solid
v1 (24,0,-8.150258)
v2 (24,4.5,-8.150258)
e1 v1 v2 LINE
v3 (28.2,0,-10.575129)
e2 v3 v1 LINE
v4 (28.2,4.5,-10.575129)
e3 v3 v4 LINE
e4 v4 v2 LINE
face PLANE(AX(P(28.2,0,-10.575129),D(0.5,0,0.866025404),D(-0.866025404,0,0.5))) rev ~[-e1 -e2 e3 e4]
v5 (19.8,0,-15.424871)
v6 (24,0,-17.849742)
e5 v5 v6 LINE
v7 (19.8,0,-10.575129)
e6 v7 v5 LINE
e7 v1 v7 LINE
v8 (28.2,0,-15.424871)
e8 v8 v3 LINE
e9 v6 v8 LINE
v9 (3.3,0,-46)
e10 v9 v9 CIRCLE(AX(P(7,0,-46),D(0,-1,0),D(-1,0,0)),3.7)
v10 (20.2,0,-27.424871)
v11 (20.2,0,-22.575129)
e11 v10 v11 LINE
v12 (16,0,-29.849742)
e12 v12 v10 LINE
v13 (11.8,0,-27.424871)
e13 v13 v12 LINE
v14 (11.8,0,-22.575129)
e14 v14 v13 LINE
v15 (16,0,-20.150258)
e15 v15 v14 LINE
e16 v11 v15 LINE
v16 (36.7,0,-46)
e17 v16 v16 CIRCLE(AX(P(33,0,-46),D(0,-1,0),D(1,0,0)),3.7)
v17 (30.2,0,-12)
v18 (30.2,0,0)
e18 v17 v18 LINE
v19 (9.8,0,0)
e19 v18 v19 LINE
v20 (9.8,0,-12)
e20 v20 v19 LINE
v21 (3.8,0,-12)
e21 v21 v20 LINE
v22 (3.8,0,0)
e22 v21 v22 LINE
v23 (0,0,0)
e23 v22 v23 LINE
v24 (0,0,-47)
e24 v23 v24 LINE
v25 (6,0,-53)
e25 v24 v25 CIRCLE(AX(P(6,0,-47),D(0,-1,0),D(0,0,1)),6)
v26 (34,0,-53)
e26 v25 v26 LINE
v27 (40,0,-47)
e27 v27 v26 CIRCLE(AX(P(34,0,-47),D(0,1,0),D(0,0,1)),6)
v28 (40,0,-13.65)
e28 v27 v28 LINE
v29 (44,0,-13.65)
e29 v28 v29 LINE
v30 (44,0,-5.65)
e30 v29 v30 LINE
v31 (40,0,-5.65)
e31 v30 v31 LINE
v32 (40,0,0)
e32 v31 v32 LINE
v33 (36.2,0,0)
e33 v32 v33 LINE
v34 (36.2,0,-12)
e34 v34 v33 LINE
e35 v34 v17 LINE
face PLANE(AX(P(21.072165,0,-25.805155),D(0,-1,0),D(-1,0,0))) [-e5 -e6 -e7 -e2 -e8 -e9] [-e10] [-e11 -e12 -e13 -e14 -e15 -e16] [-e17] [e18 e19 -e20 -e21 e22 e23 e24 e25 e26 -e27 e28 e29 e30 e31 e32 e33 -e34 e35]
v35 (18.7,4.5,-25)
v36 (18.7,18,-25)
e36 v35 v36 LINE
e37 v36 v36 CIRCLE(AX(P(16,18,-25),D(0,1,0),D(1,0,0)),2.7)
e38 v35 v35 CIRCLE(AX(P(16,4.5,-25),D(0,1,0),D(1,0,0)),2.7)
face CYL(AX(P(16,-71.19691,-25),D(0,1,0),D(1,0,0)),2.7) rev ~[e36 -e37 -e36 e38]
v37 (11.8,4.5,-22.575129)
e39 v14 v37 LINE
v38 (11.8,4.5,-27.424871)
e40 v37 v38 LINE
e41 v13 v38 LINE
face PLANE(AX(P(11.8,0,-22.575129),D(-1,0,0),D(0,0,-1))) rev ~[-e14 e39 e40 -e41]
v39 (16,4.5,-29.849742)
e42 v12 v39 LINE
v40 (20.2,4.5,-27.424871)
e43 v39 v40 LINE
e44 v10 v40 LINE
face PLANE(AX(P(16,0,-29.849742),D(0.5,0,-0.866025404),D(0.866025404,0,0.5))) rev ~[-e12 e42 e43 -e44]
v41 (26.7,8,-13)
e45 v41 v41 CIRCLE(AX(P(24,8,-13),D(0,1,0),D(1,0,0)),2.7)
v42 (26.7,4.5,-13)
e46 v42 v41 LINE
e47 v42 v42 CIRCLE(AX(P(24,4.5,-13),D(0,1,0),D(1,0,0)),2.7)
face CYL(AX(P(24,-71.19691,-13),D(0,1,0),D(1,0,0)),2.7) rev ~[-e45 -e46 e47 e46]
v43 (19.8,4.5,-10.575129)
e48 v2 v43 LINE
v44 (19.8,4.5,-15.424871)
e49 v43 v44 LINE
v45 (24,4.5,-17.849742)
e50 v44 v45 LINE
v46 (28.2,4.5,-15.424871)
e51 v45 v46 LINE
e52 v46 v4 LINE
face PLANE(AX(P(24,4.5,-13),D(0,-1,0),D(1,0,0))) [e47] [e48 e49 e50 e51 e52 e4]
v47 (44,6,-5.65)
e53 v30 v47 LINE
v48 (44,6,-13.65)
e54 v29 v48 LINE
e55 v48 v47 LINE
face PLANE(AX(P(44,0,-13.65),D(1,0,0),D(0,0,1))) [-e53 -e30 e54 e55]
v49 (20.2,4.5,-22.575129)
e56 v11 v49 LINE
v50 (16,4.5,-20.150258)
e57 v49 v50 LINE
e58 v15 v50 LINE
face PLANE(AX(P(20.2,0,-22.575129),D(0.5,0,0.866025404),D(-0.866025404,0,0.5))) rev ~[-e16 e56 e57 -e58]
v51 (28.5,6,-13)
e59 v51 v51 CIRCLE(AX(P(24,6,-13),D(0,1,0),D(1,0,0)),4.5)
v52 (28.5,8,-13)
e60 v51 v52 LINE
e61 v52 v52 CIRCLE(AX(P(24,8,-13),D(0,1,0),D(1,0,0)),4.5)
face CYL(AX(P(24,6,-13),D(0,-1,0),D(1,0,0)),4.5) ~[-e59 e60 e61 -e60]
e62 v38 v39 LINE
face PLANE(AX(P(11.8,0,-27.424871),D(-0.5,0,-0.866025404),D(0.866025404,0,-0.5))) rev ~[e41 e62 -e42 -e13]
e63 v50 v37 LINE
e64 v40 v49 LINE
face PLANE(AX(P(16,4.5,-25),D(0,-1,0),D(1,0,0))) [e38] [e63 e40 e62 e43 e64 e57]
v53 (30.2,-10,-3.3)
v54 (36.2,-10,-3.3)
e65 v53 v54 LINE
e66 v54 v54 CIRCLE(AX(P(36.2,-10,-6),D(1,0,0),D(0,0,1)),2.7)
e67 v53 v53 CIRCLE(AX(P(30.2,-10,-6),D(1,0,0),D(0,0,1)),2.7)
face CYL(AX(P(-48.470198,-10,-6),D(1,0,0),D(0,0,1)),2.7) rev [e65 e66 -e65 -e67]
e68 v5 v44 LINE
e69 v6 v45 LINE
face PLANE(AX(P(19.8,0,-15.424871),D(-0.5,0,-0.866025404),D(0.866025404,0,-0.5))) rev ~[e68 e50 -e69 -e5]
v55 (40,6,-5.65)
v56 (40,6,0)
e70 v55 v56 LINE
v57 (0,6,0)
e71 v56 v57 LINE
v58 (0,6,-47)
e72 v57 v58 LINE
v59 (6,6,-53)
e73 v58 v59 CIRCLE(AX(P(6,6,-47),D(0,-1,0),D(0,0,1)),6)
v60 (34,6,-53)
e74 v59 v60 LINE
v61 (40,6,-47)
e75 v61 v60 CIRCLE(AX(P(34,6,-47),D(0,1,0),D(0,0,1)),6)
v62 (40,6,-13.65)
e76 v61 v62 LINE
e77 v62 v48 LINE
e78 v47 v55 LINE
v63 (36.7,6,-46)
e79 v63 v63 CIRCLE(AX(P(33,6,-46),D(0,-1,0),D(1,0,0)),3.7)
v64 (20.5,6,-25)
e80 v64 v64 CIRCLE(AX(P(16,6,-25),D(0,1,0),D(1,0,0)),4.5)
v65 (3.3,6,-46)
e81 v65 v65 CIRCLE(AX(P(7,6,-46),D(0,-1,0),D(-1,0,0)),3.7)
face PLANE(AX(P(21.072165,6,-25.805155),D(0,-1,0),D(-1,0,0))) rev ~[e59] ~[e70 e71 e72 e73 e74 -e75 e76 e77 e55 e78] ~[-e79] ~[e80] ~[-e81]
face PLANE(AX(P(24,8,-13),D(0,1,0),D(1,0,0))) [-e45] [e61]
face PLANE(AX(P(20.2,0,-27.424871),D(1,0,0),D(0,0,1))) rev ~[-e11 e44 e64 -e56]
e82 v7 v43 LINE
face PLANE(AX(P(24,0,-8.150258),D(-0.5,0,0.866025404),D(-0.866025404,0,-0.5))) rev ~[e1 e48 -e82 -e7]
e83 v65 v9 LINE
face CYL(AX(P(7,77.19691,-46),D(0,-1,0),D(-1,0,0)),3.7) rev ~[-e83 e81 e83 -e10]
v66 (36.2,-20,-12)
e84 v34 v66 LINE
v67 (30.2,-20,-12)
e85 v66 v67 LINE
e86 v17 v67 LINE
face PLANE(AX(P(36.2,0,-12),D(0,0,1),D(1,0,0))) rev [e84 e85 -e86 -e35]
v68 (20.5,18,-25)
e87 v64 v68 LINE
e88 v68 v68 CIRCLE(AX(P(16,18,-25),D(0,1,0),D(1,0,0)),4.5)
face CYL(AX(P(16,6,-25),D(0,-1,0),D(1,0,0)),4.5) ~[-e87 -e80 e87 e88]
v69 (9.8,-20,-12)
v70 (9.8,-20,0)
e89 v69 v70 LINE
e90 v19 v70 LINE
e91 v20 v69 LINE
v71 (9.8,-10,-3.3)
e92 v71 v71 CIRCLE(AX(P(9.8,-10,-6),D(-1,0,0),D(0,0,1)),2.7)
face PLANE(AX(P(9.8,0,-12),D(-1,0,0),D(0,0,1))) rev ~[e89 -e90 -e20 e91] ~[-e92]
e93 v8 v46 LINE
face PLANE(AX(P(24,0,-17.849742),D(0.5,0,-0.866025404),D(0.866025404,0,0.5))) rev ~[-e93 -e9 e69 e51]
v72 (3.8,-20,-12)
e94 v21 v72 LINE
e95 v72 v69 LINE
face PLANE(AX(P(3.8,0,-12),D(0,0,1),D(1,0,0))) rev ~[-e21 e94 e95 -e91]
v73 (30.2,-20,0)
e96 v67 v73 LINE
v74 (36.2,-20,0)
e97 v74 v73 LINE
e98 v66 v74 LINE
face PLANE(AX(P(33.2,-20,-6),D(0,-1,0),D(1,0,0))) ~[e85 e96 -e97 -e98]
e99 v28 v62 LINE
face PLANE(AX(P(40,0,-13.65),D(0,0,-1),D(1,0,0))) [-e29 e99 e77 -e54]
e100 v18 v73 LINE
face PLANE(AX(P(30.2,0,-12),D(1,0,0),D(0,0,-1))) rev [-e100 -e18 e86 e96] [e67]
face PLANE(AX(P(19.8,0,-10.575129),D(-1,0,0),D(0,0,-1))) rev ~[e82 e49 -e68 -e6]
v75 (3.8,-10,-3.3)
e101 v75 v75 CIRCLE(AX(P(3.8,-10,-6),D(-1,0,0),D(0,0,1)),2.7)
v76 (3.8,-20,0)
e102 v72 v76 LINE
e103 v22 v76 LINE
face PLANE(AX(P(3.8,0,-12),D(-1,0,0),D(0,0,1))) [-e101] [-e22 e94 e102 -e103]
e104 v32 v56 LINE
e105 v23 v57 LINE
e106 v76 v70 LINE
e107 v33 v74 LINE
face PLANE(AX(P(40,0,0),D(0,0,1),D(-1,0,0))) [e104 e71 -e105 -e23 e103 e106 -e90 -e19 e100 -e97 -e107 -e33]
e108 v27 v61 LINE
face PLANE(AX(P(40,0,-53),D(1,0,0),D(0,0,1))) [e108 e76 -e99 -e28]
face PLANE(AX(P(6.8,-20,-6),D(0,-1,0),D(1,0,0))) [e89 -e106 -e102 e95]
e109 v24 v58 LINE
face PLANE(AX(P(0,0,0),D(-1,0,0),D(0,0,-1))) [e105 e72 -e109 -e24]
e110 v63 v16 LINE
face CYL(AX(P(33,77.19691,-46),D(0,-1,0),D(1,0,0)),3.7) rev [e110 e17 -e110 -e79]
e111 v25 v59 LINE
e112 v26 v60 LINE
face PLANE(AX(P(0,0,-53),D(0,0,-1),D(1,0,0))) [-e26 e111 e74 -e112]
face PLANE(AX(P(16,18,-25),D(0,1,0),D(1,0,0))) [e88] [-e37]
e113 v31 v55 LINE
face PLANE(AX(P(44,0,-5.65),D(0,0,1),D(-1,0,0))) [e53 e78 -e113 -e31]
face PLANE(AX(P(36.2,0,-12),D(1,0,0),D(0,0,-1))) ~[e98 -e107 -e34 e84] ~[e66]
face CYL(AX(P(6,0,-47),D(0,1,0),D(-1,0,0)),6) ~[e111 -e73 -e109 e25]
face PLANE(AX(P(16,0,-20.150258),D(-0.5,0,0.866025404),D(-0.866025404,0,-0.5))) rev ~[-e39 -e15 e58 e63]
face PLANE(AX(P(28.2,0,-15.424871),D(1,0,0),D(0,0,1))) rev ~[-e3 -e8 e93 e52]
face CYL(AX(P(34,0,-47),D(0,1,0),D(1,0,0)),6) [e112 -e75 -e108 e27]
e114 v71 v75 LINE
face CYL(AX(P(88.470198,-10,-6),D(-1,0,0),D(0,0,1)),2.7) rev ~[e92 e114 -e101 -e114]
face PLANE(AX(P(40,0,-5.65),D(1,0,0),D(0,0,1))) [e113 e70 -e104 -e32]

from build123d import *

# Parameters (mm, degrees)
BOSS_EXTRUDE1_DEPTH   = 6
SKETCH16_R            = 4.5
BOSS_EXTRUDE3_DEPTH   = 12
SKETCH16_3_R          = 4.5
BOSS_EXTRUDE4_DEPTH   = 2
CUT_EXTRUDE1_DEPTH    = 4.5
F_5_4MM_DOWEL_HOLE1_D = 5.4
F_7_4MM_DOWEL_HOLE2_D = 7.4
SKETCH2_W             = 6
SKETCH2_H             = 12
BOSS_EXTRUDE2_DEPTH   = 20
F_5_4MM_DOWEL_HOLE3_D = 5.4
FILLET1_R             = 6


with BuildPart() as part:
    # Sketch1 → Boss-Extrude1 (new body)
    with BuildSketch(Plane(origin=(0, 0, 0), x_dir=(1, 0, 0), z_dir=(0, 1, 0))):
        Polygon((40, 5.65), (40, 0), (0, 0), (0, 53), (40, 53), (40, 13.65), (44, 13.65), (44, 5.65), align=None)
    extrude(amount=BOSS_EXTRUDE1_DEPTH)

    # Sketch16 → Boss-Extrude3 (add)
    with BuildSketch(Plane(origin=(0, 6, 0), x_dir=(1, 0, 0), z_dir=(0, 1, 0))):
        with Locations((16, 25)):
            Circle(SKETCH16_R)
    extrude(amount=BOSS_EXTRUDE3_DEPTH)

    # Sketch16<3> → Boss-Extrude4 (add)
    with BuildSketch(Plane(origin=(0, 6, 0), x_dir=(1, 0, 0), z_dir=(0, 1, 0))):
        with Locations((24, 13)):
            Circle(SKETCH16_3_R)
    extrude(amount=BOSS_EXTRUDE4_DEPTH)

    # Sketch12 → Cut-Extrude1 (cut)
    with BuildSketch(Plane.XZ):
        Polygon((28.2, -10.575128869), (24, -8.150257739), (19.8, -10.575128869), (19.8, -15.424871131), (24, -17.849742261), (28.2, -15.424871131), align=None)
        Polygon((16, -20.150257739), (11.8, -22.575128869), (11.8, -27.424871131), (16, -29.849742261), (20.2, -27.424871131), (20.2, -22.575128869), align=None)
    extrude(amount=-CUT_EXTRUDE1_DEPTH, mode=Mode.SUBTRACT)

    # Ø5.4mm Dowel Hole1 (through all)
    with Locations(Plane(origin=(0, 0, 0), x_dir=(-1, 0, 0), z_dir=(0, -1, 0))):
        with Locations((-16, 25), (-24, 13)):
            Hole(F_5_4MM_DOWEL_HOLE1_D / 2)

    # Ø7.4mm Dowel Hole2 (through all)
    with Locations(Plane(origin=(0, 6, 0), x_dir=(1, 0, 0), z_dir=(0, 1, 0))):
        with Locations((7, 46)):
            f_7_4mm_dowel_hole2 = Hole(F_7_4MM_DOWEL_HOLE2_D / 2)

    # Sketch2 → Boss-Extrude2 (add)
    with BuildSketch(Plane.XZ):
        with Locations((6.8, -6)):
            Rectangle(SKETCH2_W, SKETCH2_H)
    boss_extrude2 = extrude(amount=BOSS_EXTRUDE2_DEPTH)

    # Ø5.4mm Dowel Hole3 (through all)
    with Locations(Plane(origin=(9.8, 0, 0), x_dir=(0, 0, -1), z_dir=(1, 0, 0))):
        with Locations((6, -10)):
            f_5_4mm_dowel_hole3 = Hole(F_5_4MM_DOWEL_HOLE3_D / 2)

    # Mirror1: Ø7.4mm Dowel Hole2, Boss-Extrude2, Ø5.4mm Dowel Hole3 across plane
    add(f_7_4mm_dowel_hole2.mirror(Plane(origin=(20, 0, 0), x_dir=(0, 0, 1), z_dir=(1, 0, 0))), mode=Mode.SUBTRACT)
    add(boss_extrude2.mirror(Plane(origin=(20, 0, 0), x_dir=(0, 0, 1), z_dir=(1, 0, 0))))
    add(f_5_4mm_dowel_hole3.mirror(Plane(origin=(20, 0, 0), x_dir=(0, 0, 1), z_dir=(1, 0, 0))), mode=Mode.SUBTRACT)

    # Fillet1
    fillet1_edges = [part.edges().sort_by_distance(p)[0] for p in [
        (0, 3, -53),
        (40, 3, -53),
    ]]
    fillet(fillet1_edges, radius=FILLET1_R)


solid = part.part
